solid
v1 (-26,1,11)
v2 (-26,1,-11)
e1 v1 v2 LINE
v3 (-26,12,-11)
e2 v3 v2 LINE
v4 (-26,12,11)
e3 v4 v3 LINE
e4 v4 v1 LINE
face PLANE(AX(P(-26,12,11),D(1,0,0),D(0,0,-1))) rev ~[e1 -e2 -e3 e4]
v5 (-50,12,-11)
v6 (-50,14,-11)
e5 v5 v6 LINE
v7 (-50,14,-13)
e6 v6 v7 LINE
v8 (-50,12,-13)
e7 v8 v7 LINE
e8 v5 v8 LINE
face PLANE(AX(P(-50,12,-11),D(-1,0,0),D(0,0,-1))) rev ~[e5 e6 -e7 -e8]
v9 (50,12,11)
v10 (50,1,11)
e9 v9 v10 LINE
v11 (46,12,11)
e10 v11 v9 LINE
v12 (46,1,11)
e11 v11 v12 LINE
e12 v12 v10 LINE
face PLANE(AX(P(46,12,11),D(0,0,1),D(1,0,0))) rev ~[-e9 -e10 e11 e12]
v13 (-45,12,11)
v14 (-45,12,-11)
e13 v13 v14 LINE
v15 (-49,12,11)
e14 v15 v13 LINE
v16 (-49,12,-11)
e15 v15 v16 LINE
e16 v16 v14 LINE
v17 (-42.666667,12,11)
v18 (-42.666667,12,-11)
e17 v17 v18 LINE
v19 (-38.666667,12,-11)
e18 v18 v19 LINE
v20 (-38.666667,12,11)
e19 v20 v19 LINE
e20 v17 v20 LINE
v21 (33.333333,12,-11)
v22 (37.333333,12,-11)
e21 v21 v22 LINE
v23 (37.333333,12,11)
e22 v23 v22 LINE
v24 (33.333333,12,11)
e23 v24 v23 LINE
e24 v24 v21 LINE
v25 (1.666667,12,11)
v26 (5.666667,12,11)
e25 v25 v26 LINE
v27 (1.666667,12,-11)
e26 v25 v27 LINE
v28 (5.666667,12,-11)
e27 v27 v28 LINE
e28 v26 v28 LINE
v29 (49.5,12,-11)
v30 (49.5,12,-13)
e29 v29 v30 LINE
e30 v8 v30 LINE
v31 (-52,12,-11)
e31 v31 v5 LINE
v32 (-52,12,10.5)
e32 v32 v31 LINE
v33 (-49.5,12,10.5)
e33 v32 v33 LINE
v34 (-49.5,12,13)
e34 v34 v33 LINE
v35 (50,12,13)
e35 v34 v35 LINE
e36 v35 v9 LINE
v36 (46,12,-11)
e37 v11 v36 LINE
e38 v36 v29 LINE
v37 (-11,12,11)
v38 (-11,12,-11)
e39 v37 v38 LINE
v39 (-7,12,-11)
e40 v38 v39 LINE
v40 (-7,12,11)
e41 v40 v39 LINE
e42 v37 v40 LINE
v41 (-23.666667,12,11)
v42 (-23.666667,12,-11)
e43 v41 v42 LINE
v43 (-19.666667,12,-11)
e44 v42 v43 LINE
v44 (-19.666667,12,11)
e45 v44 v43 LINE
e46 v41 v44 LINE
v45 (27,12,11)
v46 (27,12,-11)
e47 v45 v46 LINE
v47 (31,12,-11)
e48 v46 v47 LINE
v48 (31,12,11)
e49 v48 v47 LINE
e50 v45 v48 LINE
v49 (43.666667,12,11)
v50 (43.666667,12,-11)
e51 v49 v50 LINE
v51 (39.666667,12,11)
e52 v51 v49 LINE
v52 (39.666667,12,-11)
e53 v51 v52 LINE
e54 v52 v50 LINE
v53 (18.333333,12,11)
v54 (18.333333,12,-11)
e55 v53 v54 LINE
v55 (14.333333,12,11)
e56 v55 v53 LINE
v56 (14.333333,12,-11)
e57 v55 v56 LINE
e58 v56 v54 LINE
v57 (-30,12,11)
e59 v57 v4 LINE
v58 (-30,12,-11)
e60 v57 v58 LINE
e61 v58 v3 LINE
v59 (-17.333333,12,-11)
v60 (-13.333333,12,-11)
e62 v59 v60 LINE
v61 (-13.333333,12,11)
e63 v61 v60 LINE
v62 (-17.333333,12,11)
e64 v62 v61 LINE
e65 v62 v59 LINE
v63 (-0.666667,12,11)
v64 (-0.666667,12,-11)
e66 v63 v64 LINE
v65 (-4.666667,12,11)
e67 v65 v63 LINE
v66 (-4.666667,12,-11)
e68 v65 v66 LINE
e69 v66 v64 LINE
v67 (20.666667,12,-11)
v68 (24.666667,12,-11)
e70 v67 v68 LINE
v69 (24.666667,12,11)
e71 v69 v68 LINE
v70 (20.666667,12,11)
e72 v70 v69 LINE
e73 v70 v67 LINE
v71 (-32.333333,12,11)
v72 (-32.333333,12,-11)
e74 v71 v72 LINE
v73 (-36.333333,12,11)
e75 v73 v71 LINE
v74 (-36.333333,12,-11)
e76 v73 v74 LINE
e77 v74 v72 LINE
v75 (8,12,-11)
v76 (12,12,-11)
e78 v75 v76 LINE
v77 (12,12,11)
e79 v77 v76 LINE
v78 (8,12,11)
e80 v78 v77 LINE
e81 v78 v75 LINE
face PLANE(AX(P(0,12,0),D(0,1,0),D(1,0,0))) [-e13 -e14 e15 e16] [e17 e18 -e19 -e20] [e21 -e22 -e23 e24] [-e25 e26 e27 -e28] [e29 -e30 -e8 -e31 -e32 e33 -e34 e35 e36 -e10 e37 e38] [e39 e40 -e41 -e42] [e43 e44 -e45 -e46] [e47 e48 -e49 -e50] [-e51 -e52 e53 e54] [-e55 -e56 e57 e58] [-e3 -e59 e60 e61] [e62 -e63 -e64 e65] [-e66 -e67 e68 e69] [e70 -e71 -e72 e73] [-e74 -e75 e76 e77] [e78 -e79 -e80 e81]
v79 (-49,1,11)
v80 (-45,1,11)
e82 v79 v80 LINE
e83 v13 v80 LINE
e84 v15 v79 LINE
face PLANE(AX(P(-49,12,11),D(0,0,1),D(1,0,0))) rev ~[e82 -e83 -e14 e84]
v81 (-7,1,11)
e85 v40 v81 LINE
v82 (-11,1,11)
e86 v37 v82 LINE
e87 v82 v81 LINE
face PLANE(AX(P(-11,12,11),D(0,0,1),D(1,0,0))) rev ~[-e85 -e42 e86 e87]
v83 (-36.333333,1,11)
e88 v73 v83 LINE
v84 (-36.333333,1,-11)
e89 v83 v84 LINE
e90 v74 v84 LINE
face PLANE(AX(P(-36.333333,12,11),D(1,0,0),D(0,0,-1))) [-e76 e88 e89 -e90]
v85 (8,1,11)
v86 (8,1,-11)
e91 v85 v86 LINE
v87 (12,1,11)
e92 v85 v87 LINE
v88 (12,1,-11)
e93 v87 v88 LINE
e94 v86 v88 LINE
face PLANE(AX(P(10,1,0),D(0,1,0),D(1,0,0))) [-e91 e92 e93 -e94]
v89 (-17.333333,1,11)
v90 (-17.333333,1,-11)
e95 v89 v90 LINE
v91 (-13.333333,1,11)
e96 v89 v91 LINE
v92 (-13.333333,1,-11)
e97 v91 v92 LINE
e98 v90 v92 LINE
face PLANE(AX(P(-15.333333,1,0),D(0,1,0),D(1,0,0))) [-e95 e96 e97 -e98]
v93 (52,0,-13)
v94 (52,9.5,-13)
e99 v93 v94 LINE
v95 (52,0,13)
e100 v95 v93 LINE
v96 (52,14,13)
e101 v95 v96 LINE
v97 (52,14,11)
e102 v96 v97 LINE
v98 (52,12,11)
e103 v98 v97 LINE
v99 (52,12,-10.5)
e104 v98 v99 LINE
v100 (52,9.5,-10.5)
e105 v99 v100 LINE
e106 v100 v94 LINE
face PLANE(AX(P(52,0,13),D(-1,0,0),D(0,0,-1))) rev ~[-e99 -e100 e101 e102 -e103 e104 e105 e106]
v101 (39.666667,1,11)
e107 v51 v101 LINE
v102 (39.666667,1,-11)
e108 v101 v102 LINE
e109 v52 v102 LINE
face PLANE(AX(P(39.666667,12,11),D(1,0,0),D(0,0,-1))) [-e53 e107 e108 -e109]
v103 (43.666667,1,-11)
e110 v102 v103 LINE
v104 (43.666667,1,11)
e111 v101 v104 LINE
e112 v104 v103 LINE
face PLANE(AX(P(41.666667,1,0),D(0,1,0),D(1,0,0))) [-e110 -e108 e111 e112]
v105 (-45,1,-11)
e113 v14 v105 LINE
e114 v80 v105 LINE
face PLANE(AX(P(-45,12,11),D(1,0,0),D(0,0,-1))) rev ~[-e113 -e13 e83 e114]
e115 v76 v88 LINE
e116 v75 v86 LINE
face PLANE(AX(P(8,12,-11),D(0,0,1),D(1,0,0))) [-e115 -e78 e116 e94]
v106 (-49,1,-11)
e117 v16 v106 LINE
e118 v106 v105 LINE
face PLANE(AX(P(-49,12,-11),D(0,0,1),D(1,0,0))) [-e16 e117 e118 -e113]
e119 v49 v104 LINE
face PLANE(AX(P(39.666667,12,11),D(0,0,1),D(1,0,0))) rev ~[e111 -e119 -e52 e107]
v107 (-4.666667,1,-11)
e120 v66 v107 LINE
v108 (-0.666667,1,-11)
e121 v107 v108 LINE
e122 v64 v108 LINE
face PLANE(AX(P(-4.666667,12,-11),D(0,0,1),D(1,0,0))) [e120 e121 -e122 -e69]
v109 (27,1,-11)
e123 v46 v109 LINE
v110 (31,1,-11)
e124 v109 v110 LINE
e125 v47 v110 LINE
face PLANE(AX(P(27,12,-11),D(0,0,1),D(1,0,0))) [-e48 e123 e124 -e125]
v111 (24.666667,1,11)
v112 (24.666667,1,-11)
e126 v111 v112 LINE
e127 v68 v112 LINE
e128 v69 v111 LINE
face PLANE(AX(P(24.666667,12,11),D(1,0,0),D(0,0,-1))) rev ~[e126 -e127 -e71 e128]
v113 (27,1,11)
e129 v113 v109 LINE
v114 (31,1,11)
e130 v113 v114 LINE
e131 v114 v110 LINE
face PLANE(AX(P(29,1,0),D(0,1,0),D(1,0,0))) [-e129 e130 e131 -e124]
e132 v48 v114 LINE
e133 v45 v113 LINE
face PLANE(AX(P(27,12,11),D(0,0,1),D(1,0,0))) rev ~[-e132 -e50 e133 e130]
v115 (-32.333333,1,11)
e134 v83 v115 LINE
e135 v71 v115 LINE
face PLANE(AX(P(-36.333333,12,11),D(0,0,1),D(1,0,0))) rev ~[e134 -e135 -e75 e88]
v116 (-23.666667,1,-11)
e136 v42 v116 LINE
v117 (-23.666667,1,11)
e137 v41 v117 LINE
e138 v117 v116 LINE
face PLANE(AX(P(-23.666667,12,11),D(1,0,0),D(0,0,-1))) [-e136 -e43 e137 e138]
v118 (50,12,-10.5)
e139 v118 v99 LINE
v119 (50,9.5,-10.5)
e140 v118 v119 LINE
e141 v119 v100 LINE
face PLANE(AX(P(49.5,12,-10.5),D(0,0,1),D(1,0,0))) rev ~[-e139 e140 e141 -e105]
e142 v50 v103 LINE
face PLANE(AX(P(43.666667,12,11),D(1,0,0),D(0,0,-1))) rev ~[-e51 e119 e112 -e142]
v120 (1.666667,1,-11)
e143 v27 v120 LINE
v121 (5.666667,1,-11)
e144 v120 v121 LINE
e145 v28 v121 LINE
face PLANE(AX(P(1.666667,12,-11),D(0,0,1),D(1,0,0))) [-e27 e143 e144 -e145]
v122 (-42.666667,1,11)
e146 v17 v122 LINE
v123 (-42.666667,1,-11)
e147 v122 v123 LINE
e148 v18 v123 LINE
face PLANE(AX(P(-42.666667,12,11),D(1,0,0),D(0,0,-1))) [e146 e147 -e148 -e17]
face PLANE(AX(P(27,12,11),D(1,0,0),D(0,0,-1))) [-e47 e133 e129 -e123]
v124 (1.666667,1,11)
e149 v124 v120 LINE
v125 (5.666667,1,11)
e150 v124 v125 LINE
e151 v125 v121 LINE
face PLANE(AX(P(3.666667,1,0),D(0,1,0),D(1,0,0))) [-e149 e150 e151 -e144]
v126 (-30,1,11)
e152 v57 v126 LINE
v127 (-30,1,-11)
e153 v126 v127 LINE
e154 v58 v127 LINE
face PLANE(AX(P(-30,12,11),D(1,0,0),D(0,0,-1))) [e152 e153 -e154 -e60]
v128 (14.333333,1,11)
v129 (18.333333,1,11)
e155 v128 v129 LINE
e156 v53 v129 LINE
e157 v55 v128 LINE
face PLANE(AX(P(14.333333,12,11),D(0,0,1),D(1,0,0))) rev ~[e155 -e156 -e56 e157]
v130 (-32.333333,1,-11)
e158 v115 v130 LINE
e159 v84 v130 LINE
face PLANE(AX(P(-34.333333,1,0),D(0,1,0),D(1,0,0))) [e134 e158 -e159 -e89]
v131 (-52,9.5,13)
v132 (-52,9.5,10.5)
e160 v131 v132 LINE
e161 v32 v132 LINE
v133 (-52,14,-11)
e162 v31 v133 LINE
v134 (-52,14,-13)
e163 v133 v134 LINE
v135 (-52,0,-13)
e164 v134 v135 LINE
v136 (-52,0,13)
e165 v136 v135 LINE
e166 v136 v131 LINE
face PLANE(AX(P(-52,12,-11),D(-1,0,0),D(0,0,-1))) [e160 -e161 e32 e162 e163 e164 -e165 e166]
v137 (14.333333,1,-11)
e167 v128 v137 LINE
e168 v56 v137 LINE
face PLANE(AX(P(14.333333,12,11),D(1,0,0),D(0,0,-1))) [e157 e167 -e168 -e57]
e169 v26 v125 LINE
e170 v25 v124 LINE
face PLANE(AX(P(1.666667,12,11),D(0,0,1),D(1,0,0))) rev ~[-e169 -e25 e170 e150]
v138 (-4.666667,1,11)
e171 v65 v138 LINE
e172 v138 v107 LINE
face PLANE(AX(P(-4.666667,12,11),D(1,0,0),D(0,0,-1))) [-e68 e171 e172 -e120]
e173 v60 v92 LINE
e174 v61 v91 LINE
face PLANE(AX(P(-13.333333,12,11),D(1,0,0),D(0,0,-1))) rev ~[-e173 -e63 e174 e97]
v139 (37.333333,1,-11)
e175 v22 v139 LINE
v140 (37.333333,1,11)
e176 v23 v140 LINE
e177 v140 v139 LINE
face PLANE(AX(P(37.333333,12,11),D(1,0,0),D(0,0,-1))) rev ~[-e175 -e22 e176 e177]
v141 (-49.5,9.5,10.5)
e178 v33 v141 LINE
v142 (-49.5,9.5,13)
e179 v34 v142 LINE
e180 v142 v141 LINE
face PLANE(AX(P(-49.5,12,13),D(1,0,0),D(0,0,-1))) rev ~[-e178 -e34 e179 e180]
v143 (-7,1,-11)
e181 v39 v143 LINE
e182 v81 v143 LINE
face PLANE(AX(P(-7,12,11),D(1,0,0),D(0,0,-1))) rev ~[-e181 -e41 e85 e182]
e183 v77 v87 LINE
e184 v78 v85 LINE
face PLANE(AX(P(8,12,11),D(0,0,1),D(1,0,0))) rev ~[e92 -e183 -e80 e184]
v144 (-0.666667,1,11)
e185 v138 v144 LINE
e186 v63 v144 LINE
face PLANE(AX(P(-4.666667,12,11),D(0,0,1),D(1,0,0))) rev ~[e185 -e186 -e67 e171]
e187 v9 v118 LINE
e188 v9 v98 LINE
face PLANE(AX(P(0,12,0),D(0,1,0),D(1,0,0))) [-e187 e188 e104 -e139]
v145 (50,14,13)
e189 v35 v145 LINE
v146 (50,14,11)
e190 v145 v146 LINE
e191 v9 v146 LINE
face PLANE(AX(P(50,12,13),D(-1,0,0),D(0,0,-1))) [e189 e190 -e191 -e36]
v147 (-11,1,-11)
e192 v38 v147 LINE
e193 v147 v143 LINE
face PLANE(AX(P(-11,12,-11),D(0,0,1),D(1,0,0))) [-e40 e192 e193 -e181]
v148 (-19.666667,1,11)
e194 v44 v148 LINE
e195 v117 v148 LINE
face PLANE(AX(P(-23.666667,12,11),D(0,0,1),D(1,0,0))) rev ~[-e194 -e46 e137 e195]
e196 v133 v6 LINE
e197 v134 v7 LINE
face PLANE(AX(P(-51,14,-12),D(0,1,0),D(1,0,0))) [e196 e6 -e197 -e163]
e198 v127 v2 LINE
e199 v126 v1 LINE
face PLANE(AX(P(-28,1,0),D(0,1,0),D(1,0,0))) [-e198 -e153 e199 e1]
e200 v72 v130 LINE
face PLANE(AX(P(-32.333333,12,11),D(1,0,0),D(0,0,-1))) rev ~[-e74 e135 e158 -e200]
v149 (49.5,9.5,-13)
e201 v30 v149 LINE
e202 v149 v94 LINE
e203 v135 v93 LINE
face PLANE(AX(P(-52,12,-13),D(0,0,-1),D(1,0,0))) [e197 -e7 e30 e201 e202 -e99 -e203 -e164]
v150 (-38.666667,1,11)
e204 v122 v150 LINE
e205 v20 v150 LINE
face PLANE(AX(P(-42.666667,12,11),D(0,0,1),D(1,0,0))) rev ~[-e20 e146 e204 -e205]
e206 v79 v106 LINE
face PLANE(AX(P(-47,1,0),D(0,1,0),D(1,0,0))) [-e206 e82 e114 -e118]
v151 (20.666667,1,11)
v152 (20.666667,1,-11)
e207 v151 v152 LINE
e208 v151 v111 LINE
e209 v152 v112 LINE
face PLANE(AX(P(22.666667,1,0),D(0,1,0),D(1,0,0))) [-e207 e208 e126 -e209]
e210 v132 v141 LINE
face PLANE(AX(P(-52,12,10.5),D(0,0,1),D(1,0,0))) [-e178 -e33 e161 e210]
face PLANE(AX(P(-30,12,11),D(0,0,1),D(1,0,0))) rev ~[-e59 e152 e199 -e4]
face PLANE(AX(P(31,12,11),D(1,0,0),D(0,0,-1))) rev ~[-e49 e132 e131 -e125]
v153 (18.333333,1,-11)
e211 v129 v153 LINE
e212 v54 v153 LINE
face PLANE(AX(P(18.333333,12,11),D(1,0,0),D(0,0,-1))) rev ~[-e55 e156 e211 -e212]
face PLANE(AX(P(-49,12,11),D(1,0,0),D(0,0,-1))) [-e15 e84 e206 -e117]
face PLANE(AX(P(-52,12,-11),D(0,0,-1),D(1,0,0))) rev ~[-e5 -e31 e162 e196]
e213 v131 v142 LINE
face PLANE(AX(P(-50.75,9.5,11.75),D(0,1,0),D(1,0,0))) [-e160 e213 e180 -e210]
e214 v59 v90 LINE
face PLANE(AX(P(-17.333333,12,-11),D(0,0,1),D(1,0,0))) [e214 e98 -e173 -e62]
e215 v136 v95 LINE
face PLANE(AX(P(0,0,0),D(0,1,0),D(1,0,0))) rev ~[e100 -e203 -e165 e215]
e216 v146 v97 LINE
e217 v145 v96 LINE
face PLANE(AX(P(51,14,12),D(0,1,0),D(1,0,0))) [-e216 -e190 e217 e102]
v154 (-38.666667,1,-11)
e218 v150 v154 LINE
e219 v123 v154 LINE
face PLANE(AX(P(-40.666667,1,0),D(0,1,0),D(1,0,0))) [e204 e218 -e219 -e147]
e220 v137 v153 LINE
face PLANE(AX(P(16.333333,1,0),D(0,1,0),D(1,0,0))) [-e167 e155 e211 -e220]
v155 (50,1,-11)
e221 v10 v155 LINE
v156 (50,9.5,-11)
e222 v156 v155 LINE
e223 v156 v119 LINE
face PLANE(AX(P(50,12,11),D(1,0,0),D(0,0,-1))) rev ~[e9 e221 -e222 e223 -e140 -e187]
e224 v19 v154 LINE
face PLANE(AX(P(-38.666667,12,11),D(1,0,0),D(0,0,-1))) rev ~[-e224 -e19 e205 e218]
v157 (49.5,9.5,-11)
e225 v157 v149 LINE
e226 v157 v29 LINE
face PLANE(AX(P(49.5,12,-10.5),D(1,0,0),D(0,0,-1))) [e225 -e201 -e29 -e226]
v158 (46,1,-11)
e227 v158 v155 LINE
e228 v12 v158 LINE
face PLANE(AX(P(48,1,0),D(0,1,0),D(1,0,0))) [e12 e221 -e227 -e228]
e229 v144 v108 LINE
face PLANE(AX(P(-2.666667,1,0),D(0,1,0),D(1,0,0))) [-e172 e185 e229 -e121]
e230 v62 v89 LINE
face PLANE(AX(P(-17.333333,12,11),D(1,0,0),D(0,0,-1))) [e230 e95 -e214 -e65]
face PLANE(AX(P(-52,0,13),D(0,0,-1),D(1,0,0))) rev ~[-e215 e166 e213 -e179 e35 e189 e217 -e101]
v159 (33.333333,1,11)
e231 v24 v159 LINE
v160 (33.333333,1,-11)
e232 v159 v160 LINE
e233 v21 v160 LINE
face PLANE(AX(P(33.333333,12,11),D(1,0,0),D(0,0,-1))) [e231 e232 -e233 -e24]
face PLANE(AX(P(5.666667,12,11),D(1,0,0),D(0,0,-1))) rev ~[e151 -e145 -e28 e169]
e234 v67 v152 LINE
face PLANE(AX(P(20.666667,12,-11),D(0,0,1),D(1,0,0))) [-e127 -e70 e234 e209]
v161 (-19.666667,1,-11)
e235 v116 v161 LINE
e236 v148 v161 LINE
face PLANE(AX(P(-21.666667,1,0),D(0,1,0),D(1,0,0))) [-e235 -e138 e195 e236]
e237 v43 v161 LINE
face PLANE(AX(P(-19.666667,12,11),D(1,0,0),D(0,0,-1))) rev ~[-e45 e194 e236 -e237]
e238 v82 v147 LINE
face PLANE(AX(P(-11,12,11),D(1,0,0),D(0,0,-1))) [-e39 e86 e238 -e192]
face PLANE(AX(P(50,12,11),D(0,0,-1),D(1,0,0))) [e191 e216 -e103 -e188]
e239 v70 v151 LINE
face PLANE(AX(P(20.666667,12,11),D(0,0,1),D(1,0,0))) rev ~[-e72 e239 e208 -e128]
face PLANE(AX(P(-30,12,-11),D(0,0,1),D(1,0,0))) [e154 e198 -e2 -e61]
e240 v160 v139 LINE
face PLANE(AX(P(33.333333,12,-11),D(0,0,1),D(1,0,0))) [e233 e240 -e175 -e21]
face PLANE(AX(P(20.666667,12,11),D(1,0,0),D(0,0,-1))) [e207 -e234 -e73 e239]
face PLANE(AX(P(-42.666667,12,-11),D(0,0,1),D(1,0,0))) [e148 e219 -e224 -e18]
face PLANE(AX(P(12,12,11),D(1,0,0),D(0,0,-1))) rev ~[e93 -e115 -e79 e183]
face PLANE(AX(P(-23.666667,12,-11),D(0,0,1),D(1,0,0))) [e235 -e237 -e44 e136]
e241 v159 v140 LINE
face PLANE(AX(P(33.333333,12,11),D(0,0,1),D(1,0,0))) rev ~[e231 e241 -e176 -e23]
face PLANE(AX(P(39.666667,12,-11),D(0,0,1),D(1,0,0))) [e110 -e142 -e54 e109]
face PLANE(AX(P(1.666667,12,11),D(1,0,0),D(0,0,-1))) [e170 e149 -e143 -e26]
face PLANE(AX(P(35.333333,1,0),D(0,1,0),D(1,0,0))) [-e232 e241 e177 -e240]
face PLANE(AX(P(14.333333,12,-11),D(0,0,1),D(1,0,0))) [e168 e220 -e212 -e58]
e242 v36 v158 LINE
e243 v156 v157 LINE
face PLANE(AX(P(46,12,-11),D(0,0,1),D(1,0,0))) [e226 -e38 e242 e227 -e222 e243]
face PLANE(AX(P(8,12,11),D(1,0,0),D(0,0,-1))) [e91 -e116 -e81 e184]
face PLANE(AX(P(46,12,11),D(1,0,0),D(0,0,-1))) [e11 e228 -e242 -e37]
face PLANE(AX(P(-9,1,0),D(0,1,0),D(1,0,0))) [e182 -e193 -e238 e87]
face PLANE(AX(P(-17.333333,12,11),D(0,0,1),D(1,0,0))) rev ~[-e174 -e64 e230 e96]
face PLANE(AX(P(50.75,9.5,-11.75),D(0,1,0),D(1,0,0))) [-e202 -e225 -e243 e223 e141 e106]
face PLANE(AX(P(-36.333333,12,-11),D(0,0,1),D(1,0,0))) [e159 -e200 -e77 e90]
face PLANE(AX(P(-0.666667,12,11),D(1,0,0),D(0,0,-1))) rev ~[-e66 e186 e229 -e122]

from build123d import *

# Parameters (mm, degrees)
SKETCH1_W           = 104
SKETCH1_H           = 26
BOSS_EXTRUDE1_DEPTH = 12
SKETCH2_W           = 4
SKETCH2_H           = 22
CUT_EXTRUDE1_DEPTH  = 11
SKETCH3_W           = 2
SKETCH3_H           = 2
BOSS_EXTRUDE2_DEPTH = 2
SKETCH4_W           = 2.5
SKETCH4_H           = 2.5
CUT_EXTRUDE2_DEPTH  = 2.5


with BuildPart() as part:
    # Sketch1 → Boss-Extrude1 (new body)
    with BuildSketch(Plane(origin=(0, 0, 0), x_dir=(1, 0, 0), z_dir=(0, 1, 0))):
        Rectangle(SKETCH1_W, SKETCH1_H)
    extrude(amount=BOSS_EXTRUDE1_DEPTH)

    # Sketch2 → Cut-Extrude1 (cut)
    with BuildSketch(Plane(origin=(0, 12, 0), x_dir=(1, 0, 0), z_dir=(0, 1, 0))):
        with Locations((-47, 0)):
            Rectangle(SKETCH2_W, SKETCH2_H)
        with Locations((-40.666666667, 0)):
            Rectangle(SKETCH2_W, SKETCH2_H)
        with Locations((-34.333333333, 0)):
            Rectangle(SKETCH2_W, SKETCH2_H)
        with Locations((-28, 0)):
            Rectangle(SKETCH2_W, SKETCH2_H)
        with Locations((-21.666666667, 0)):
            Rectangle(SKETCH2_W, SKETCH2_H)
        with Locations((-15.333333333, 0)):
            Rectangle(SKETCH2_W, SKETCH2_H)
        with Locations((-9, 0)):
            Rectangle(SKETCH2_W, SKETCH2_H)
        with Locations((-2.666666667, 0)):
            Rectangle(SKETCH2_W, SKETCH2_H)
        with Locations((3.666666667, 0)):
            Rectangle(SKETCH2_W, SKETCH2_H)
        with Locations((10, 0)):
            Rectangle(SKETCH2_W, SKETCH2_H)
        with Locations((16.333333333, 0)):
            Rectangle(SKETCH2_W, SKETCH2_H)
        with Locations((22.666666667, 0)):
            Rectangle(SKETCH2_W, SKETCH2_H)
        with Locations((29, 0)):
            Rectangle(SKETCH2_W, SKETCH2_H)
        with Locations((35.333333333, 0)):
            Rectangle(SKETCH2_W, SKETCH2_H)
        with Locations((41.666666667, 0)):
            Rectangle(SKETCH2_W, SKETCH2_H)
        with Locations((48, 0)):
            Rectangle(SKETCH2_W, SKETCH2_H)
    extrude(amount=-CUT_EXTRUDE1_DEPTH, mode=Mode.SUBTRACT)

    # Sketch3 → Boss-Extrude2 (add)
    with BuildSketch(Plane(origin=(0, 12, 0), x_dir=(1, 0, 0), z_dir=(0, 1, 0))):
        with Locations((-51, 12)):
            Rectangle(SKETCH3_W, SKETCH3_H)
        with Locations((51, -12)):
            Rectangle(SKETCH3_W, SKETCH3_H)
    extrude(amount=BOSS_EXTRUDE2_DEPTH)

    # Sketch4 → Cut-Extrude2 (cut)
    with BuildSketch(Plane(origin=(0, 12, 0), x_dir=(1, 0, 0), z_dir=(0, 1, 0))):
        with Locations((-50.75, -11.75)):
            Rectangle(SKETCH4_W, SKETCH4_H)
        with Locations((50.75, 11.75)):
            Rectangle(SKETCH4_W, SKETCH4_H)
    extrude(amount=-CUT_EXTRUDE2_DEPTH, mode=Mode.SUBTRACT)


solid = part.part
